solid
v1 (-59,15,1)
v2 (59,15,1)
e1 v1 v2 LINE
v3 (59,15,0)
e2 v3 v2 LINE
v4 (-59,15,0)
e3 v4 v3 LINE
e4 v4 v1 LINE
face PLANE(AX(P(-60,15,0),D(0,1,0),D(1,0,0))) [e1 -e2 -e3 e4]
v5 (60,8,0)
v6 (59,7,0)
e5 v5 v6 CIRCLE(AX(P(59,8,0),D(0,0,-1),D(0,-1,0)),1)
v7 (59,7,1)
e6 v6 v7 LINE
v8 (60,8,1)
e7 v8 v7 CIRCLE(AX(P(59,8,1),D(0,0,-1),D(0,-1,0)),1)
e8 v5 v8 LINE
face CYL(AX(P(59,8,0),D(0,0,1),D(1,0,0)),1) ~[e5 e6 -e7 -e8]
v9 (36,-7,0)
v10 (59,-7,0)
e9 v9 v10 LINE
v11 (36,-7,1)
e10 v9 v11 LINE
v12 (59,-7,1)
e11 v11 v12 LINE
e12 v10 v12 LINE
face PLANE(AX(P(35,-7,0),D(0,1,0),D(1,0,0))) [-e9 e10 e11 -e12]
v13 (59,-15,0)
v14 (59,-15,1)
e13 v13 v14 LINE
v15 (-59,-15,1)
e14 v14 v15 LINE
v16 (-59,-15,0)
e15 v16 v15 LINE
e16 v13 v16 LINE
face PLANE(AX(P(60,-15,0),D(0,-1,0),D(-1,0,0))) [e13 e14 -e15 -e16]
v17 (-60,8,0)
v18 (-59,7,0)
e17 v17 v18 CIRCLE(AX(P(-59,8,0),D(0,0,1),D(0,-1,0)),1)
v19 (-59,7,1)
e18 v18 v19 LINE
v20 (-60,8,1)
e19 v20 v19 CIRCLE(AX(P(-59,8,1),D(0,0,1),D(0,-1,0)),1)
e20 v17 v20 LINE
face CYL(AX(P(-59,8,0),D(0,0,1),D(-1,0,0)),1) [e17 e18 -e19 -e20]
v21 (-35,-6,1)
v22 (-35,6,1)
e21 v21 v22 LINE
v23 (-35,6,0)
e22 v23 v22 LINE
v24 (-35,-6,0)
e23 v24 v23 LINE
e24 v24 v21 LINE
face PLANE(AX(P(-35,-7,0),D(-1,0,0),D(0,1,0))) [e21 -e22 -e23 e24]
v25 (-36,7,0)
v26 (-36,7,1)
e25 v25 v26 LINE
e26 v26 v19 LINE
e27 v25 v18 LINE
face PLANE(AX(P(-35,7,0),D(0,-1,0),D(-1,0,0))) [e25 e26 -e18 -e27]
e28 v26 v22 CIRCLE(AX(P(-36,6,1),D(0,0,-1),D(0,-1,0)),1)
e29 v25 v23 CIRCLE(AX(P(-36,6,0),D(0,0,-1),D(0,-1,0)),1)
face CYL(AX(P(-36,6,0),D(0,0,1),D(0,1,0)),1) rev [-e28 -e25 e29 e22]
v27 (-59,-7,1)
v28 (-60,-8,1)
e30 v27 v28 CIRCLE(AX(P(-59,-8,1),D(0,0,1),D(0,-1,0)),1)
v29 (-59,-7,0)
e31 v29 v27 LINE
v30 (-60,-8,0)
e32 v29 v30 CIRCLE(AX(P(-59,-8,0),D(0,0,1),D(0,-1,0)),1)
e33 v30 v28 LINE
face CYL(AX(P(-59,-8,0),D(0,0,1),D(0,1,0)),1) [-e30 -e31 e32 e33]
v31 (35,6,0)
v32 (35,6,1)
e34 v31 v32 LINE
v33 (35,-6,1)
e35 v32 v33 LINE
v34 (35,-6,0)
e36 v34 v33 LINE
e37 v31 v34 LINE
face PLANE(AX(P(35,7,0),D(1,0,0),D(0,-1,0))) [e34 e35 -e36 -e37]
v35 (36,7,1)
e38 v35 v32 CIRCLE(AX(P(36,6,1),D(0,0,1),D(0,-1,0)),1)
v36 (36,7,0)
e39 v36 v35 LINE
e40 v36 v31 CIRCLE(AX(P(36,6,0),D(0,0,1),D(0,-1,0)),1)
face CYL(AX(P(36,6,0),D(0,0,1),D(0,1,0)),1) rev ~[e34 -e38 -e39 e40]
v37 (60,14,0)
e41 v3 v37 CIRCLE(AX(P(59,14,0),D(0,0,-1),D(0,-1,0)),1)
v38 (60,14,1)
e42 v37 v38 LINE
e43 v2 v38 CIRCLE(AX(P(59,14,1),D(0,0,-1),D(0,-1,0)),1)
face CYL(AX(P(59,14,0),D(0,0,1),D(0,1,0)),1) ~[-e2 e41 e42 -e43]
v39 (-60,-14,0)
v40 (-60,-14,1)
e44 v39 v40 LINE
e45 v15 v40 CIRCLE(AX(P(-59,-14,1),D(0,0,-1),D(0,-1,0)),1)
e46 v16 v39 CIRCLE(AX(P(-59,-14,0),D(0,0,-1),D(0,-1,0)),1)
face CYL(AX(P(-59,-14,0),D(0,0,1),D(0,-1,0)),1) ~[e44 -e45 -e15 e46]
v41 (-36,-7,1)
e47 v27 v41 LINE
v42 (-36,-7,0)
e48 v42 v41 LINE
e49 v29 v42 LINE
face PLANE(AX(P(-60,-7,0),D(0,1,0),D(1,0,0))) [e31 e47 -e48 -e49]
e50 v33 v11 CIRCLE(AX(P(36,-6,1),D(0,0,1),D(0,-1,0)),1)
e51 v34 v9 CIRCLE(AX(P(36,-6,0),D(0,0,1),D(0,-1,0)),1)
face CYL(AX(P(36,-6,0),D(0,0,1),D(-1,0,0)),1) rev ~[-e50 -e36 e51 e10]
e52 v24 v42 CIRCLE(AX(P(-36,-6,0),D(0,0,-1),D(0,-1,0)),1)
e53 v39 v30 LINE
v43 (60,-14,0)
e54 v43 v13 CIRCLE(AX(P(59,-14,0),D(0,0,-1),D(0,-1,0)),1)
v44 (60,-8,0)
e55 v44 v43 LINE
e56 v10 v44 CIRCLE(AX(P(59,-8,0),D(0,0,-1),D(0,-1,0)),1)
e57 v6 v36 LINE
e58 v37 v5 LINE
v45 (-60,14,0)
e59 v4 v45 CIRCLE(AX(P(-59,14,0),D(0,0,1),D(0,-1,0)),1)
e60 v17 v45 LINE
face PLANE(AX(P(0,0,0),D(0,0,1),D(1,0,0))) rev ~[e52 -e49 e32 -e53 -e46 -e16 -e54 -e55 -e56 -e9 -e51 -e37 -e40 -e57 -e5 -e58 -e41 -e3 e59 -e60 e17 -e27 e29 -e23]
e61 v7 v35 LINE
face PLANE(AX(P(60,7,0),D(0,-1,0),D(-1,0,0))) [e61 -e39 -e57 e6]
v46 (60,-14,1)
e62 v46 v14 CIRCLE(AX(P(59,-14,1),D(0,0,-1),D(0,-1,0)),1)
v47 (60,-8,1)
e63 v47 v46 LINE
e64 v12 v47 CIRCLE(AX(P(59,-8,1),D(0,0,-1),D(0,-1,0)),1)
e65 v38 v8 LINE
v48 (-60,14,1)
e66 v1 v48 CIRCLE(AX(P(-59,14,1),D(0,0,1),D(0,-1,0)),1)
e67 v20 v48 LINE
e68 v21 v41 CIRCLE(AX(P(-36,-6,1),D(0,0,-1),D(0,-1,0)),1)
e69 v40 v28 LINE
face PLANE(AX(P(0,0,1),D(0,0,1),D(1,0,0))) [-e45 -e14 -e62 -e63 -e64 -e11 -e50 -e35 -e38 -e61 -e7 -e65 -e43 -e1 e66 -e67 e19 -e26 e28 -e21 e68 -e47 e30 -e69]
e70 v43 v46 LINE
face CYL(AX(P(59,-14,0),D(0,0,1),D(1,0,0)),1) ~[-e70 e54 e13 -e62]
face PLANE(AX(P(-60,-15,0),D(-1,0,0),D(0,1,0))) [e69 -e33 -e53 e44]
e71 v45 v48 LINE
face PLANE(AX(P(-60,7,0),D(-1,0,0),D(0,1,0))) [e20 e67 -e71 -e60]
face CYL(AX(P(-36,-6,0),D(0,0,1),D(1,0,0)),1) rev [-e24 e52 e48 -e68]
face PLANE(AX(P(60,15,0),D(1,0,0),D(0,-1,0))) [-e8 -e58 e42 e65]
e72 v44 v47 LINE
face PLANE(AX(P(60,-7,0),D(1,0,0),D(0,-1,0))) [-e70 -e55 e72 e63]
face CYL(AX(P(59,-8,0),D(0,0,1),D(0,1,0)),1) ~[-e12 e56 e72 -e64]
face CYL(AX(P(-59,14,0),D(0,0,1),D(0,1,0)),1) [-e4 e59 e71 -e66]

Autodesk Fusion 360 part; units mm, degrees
sketch "Sketch1" plane through (0, 0, 0) normal (0, 0, 1) x (1, 0, 0)
  line L0 (-60, 15) -> (60, 15)
  line L1 (60, 15) -> (60, 7)
  line L2 (60, 7) -> (-60, 7)
  line L3 (-60, 7) -> (-60, 15)
  line L4 (-60, -7) -> (60, -7)
  line L5 (60, -7) -> (60, -15)
  line L6 (60, -15) -> (-60, -15)
  line L7 (-60, -15) -> (-60, -7)
  line L8 (-35, 7) -> (35, 7)
  line L9 (35, 7) -> (35, -7)
  line L10 (35, -7) -> (-35, -7)
  line L11 (-35, -7) -> (-35, 7)
  line L12 (-25, 8) -> (25, 8)
  line L13 (25, 8) -> (25, -8)
  line L14 (25, -8) -> (-25, -8)
  line L15 (-25, -8) -> (-25, 8)
  dimension "d24" = 120
  dimension "d25" = 8
  dimension "d26" = 8
  dimension "d27" = 30
  dimension "d28" = 70
  dimension "d29" = 25
  dimension "d30" = 50
  dimension "d32" = 7
  dimension "d33" = 10
  dimension "d34" = 60
  dimension "d35" = 15
  dimension "d37" = 1
extrude "Extrude1" add sketch "Sketch1" along normal blind 1
fillet "Fillet1" radius 1 12 edges at (-60, 15, 0.5) (-60, 7, 0.5) (-60, -7, 0.5) (-60, -15, 0.5) (-35, 7, 0.5) (-35, -7, 0.5) (60, -15, 0.5) (60, -7, 0.5) (35, 7, 0.5) (35, -7, 0.5) (60, 7, 0.5) (60, 15, 0.5)
equation "d26 = d25"
equation "d34 = d24 / 2"
equation "d35 = d27 / 2"
